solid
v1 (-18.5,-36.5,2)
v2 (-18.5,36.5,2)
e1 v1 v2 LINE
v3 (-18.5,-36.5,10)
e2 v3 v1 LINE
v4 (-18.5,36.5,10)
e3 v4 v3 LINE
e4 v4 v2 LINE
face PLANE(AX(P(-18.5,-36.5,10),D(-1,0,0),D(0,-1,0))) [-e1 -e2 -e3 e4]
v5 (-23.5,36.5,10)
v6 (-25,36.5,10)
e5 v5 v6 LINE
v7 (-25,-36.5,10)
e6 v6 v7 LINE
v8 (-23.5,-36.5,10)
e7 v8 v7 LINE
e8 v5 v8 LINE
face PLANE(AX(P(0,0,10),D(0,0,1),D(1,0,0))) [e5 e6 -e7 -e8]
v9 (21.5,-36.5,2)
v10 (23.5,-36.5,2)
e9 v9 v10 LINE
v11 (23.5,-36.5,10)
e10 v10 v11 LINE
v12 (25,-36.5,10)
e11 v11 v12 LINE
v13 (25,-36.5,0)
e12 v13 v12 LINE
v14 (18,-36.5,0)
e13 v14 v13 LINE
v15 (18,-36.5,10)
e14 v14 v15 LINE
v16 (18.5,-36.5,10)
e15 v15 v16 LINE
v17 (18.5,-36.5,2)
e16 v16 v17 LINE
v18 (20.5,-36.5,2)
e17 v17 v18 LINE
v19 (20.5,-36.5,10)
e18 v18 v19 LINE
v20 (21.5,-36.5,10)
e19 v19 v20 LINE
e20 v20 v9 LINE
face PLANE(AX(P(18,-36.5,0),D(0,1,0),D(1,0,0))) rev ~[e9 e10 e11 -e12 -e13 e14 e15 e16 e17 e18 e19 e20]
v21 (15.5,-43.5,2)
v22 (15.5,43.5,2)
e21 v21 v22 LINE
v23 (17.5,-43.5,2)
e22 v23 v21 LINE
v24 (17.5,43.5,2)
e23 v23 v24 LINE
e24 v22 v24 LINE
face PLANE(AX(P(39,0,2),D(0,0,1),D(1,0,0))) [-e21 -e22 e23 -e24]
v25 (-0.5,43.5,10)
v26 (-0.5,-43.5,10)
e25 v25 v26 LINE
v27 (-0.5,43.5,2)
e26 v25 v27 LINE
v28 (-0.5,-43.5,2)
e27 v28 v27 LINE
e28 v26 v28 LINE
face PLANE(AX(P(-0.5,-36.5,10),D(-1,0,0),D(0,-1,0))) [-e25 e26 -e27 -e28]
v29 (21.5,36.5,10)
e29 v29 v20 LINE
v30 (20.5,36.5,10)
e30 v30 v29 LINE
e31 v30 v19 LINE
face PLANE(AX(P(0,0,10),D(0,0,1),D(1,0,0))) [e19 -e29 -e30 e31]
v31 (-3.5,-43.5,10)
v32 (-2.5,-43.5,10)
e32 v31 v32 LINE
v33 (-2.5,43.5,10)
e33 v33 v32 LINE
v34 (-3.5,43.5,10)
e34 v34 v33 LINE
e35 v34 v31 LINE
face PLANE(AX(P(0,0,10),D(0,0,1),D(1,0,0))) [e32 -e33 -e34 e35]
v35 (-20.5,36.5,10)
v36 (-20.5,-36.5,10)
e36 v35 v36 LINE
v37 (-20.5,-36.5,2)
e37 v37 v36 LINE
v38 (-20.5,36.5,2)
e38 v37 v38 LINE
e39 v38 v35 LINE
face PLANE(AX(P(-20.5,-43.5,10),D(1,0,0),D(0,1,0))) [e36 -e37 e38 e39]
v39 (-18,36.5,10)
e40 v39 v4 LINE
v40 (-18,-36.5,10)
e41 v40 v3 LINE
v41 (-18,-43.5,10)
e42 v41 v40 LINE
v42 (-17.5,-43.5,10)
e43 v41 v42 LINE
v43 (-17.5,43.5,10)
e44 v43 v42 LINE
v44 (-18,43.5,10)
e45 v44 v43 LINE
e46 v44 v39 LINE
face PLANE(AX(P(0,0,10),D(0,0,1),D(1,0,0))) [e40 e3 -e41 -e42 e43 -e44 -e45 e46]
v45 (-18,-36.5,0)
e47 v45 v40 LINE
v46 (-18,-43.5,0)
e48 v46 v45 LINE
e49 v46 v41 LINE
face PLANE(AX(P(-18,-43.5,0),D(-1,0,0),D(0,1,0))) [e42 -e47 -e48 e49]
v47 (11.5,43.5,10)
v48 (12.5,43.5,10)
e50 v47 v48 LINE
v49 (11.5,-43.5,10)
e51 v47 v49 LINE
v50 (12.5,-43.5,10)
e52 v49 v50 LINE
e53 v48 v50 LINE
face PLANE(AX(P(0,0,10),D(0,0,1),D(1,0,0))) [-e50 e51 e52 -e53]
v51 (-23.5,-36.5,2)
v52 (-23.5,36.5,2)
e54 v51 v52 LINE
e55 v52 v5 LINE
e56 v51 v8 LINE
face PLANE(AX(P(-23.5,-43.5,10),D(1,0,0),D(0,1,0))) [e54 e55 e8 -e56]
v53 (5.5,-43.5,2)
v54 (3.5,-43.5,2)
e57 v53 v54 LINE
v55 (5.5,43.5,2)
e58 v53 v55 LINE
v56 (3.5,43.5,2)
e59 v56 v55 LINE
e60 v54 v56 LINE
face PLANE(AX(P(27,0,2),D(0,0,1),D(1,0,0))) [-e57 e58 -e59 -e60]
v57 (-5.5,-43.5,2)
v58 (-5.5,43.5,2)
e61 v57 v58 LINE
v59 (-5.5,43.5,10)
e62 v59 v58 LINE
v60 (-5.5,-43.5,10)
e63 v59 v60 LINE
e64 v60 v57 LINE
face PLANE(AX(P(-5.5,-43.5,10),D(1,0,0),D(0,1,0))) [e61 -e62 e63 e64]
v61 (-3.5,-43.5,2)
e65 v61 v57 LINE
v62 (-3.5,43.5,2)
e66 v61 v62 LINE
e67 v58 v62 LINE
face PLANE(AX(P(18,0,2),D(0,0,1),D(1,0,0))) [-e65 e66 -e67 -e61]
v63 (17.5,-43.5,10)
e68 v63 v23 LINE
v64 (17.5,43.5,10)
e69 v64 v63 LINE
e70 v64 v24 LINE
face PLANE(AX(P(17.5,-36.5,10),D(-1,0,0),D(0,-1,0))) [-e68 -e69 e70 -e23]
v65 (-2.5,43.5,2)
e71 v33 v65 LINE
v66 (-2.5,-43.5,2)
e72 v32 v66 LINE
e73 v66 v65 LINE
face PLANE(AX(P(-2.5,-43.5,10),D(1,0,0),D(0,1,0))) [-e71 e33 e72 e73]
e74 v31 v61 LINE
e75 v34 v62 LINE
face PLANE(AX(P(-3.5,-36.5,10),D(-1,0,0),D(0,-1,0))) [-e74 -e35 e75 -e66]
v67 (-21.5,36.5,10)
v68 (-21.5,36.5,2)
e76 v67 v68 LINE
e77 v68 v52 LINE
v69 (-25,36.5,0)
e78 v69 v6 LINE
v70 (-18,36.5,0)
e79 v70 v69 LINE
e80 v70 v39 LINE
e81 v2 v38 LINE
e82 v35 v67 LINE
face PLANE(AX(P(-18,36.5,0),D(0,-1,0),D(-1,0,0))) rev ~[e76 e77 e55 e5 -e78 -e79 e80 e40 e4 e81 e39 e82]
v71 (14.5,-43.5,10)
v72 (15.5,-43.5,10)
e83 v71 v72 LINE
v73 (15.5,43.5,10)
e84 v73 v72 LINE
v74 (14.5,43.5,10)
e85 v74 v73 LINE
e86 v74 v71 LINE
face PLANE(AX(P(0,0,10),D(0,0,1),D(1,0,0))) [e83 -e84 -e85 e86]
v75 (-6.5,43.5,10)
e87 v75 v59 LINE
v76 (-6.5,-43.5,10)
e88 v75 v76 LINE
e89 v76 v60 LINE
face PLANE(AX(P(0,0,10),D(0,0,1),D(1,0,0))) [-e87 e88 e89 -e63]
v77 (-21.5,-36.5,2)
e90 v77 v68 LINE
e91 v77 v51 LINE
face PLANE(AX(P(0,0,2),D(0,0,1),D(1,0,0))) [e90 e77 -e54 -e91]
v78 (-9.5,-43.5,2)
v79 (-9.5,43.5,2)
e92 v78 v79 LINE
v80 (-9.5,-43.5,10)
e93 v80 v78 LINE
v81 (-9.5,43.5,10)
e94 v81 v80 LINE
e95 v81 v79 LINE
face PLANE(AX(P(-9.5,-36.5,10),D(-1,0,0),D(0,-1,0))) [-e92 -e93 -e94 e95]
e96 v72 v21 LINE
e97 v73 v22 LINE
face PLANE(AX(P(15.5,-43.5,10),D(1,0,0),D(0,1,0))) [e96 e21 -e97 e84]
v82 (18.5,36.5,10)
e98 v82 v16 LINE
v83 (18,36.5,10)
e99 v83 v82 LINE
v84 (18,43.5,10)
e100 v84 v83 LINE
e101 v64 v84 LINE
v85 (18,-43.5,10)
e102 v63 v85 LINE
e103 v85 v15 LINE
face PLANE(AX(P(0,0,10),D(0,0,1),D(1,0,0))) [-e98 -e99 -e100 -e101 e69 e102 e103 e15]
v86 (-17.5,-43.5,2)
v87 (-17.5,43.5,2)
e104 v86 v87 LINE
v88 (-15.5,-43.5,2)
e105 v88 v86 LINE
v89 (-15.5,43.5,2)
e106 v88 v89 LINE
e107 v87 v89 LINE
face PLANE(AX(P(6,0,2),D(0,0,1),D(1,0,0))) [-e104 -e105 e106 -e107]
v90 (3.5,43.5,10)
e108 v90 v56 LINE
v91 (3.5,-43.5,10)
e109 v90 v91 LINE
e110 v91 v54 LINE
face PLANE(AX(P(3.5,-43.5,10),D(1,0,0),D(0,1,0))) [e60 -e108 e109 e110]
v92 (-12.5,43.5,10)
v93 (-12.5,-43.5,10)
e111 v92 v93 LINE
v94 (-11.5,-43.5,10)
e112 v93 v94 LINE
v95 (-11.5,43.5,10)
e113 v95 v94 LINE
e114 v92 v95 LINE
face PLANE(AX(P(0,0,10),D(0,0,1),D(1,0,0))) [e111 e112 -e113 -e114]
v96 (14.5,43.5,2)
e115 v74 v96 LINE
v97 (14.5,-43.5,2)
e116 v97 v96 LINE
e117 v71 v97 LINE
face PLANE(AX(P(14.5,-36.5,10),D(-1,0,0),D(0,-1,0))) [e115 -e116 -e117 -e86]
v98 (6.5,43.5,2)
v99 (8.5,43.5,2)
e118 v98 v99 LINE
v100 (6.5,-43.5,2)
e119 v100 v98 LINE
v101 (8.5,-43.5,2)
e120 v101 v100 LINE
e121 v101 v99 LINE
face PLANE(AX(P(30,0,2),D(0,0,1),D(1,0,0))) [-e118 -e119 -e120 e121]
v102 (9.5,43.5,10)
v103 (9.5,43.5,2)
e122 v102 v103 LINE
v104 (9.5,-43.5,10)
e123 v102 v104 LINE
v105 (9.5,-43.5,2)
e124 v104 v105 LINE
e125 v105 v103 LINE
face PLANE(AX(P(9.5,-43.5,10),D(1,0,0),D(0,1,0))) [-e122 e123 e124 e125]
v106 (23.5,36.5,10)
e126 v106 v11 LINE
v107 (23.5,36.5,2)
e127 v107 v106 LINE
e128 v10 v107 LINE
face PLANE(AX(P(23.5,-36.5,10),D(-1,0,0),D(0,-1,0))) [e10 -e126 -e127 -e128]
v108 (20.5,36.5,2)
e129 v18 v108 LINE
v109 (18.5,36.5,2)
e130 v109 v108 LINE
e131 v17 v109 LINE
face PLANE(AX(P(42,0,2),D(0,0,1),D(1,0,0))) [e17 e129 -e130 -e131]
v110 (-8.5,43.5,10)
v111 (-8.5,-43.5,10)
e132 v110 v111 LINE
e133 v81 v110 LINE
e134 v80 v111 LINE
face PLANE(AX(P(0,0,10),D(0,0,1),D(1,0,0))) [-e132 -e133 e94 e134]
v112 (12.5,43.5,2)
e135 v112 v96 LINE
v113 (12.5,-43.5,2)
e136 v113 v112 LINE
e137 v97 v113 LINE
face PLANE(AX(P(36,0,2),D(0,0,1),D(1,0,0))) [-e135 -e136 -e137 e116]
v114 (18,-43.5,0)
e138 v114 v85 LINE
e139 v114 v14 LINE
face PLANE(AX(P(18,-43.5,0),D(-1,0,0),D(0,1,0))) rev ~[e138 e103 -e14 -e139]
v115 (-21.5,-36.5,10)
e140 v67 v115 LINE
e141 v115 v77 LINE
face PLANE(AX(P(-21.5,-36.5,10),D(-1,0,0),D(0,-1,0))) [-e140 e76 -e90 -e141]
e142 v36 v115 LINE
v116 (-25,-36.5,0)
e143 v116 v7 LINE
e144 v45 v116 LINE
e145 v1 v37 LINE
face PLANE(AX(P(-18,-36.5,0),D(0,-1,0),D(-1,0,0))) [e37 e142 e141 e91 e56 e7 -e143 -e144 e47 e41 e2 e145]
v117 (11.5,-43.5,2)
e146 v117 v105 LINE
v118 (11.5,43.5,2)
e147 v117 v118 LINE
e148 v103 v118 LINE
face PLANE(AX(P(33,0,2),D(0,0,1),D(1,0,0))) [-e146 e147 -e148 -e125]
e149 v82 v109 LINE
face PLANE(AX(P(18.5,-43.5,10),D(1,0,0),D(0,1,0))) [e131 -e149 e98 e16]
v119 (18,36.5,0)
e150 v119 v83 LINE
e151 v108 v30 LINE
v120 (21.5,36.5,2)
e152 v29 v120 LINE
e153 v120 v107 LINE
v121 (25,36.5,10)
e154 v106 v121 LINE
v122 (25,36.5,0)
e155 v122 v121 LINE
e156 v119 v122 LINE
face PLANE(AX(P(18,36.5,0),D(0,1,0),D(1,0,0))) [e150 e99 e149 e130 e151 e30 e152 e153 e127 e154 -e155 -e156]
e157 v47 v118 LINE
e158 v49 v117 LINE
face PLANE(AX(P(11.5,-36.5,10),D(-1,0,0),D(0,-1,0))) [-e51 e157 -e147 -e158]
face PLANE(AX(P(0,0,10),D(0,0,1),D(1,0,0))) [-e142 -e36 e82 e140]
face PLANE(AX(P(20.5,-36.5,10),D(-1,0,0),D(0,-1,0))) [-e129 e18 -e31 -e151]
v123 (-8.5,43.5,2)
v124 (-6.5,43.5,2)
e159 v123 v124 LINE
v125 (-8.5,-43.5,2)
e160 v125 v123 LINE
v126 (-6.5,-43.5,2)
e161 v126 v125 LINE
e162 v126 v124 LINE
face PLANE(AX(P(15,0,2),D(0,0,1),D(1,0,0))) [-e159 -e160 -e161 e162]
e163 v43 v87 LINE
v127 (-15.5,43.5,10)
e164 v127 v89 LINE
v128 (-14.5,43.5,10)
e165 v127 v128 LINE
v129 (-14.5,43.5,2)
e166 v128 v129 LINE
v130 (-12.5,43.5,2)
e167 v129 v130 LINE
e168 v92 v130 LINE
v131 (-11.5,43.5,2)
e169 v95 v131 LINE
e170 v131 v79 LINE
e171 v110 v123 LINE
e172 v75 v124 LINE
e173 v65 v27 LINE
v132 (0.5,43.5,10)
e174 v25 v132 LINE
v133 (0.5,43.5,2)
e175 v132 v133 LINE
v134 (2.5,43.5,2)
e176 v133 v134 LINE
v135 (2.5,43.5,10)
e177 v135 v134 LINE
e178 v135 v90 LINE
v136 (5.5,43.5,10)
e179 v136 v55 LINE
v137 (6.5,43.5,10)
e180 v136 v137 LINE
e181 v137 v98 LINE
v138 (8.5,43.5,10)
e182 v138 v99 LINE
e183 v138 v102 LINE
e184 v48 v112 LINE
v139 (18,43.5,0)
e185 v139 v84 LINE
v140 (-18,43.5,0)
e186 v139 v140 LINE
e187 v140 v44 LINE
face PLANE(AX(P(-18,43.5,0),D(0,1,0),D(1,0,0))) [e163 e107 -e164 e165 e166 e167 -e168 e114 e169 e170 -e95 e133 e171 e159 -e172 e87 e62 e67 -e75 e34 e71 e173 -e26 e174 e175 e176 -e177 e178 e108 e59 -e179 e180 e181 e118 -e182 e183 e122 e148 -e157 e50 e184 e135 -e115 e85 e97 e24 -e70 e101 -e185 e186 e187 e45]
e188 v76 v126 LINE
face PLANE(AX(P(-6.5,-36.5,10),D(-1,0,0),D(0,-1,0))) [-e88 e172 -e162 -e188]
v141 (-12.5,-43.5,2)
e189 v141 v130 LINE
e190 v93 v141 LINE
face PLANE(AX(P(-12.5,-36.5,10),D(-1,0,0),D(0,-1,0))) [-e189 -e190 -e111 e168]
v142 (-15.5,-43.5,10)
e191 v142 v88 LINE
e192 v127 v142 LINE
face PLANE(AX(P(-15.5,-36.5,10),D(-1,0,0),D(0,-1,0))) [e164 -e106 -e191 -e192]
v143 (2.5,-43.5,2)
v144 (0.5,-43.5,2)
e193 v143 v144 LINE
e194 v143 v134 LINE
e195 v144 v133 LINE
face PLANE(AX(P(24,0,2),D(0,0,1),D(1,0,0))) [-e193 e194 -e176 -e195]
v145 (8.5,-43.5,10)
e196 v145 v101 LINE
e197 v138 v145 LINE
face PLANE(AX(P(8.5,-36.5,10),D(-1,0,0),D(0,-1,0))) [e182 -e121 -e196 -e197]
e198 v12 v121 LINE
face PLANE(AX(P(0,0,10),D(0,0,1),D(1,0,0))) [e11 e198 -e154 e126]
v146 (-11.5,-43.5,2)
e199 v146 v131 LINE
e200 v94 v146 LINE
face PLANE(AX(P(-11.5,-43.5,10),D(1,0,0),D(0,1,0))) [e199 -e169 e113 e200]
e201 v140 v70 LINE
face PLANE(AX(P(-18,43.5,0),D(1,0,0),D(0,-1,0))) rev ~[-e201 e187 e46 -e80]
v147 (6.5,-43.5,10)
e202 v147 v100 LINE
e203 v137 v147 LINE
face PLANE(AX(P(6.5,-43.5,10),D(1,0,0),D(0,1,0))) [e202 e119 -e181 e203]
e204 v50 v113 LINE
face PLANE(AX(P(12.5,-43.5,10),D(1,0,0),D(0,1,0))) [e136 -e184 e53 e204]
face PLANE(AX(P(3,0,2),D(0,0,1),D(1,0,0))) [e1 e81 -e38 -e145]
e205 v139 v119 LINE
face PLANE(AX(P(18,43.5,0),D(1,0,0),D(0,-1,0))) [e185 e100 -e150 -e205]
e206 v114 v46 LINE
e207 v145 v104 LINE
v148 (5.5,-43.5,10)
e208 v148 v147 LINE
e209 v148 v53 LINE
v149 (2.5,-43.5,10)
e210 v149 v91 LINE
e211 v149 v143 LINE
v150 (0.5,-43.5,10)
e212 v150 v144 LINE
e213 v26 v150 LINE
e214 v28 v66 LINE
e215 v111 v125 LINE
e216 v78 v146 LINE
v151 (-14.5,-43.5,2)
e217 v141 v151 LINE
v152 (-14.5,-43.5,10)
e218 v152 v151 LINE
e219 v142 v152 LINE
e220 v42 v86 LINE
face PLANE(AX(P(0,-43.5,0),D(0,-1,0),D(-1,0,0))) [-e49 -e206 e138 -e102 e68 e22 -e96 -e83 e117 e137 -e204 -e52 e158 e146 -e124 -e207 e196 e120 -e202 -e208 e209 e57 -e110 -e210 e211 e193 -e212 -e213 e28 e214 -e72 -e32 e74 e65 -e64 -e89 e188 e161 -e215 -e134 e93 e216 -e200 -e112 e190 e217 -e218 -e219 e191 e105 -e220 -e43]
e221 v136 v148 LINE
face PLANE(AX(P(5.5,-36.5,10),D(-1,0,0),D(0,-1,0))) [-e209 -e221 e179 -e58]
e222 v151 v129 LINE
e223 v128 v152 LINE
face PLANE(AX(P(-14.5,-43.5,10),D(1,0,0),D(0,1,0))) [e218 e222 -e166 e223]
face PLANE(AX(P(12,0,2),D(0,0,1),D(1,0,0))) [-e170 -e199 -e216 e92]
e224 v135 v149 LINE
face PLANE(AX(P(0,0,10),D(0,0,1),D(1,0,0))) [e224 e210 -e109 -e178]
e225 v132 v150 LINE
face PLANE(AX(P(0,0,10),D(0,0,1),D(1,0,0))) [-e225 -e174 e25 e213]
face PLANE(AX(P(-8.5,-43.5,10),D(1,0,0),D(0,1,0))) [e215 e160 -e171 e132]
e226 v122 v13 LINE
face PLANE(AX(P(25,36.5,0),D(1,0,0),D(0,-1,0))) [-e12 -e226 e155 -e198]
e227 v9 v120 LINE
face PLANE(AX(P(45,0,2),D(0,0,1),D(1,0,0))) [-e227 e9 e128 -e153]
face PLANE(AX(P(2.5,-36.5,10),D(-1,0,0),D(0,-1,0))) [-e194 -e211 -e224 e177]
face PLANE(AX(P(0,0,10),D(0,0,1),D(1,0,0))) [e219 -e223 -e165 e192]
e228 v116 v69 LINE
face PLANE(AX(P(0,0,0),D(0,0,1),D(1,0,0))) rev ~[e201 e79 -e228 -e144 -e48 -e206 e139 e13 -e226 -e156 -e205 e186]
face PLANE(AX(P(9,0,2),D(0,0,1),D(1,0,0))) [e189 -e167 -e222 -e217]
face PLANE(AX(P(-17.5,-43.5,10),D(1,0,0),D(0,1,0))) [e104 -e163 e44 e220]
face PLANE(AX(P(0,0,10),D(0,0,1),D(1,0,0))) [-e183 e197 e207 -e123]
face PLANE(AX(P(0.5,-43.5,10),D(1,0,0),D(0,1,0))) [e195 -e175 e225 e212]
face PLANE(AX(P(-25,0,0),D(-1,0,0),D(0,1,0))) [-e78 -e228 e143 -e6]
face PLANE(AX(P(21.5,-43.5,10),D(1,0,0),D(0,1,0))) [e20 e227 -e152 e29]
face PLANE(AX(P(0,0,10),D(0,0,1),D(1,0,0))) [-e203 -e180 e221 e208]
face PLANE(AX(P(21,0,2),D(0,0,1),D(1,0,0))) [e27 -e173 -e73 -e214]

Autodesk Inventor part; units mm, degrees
ref_plane "YZ Plane" through (0, 0, 0) normal (1, 0, 0) x (0, 1, 0)
ref_plane "XZ Plane" through (0, 0, 0) normal (0, 1, 0) x (-1, 0, 0)
ref_plane "XY Plane" through (0, 0, 0) normal (0, 0, 1) x (1, 0, 0)
sketch "Skizze1" plane through (0, 0, 0) normal (0, 0, 1) x (1, 0, 0)
  line L0 (-18, 43.5) -> (18, 43.5)
  line L1 (25, 36.5) -> (25, -36.5)
  line L2 (18, -43.5) -> (-18, -43.5)
  line L3 (-25, -36.5) -> (-25, 36.5)
  line L4 (-18, 43.5) -> (-18, 36.5)
  line L5 (-18, 36.5) -> (-25, 36.5)
  line L6 (18, 43.5) -> (18, 36.5)
  line L7 (18, 36.5) -> (25, 36.5)
  line L8 (-18, -43.5) -> (-18, -36.5)
  line L9 (-18, -36.5) -> (-25, -36.5)
  line L10 (18, -43.5) -> (18, -36.5)
  line L11 (18, -36.5) -> (25, -36.5)
  line L12 (0, 60.9) -> (0, -60.9) projected
  line L13 (-35, 0) -> (35, 0) projected
  point P0 (0, 0)
  dimension "d6" = 87
  dimension "d7" = 50
  dimension "d8" = 7
  dimension "d9" = 7
extrude "Extrusion1" add sketch "Skizze1" along normal blind 10
sketch "Skizze2" plane through (0, 0, 10) normal (0, 0, 1) x (1, 0, 0)
  line L0 (-18, -43.5) -> (18, -43.5) projected
  line L1 (18, -43.5) -> (18, -36.5) projected
  line L2 (18, -36.5) -> (25, -36.5) projected
  line L3 (25, -36.5) -> (25, 36.5) projected
  line L4 (25, 36.5) -> (18, 36.5) projected
  line L5 (18, 36.5) -> (18, 43.5) projected
  line L6 (18, 43.5) -> (-18, 43.5) projected
  line L7 (-18, 43.5) -> (-18, 36.5) projected
  line L8 (-18, 36.5) -> (-25, 36.5) projected
  line L9 (-25, 36.5) -> (-25, -36.5) projected
  line L10 (-25, -36.5) -> (-18, -36.5) projected
  line L11 (-18, -36.5) -> (-18, -43.5) projected
  line L12 (-23.5, 43.5) -> (-21.5, 43.5)
  line L13 (-21.5, 43.5) -> (-21.5, -43.5)
  line L14 (-21.5, -43.5) -> (-23.5, -43.5)
  line L15 (-23.5, -43.5) -> (-23.5, 43.5)
  line L16 (-18, -43.5) -> (18, -43.5) projected
  point P0 (0, 0)
  dimension "d12" = 1.5
  dimension "d13" = 2
extrude "Extrusion2" cut sketch "Skizze2" against normal blind 8 contours L13 L14 L15 L10 | L10 L15 L8 L13 | L8 L15 L12 L13
pattern_linear "Rechteckige Anordnung1" count 16 spacing 3 along (1, 0, 0) of "Extrusion2"
properties part number "Jetson Kühlkörper Original" material "Aluminium 6061"
